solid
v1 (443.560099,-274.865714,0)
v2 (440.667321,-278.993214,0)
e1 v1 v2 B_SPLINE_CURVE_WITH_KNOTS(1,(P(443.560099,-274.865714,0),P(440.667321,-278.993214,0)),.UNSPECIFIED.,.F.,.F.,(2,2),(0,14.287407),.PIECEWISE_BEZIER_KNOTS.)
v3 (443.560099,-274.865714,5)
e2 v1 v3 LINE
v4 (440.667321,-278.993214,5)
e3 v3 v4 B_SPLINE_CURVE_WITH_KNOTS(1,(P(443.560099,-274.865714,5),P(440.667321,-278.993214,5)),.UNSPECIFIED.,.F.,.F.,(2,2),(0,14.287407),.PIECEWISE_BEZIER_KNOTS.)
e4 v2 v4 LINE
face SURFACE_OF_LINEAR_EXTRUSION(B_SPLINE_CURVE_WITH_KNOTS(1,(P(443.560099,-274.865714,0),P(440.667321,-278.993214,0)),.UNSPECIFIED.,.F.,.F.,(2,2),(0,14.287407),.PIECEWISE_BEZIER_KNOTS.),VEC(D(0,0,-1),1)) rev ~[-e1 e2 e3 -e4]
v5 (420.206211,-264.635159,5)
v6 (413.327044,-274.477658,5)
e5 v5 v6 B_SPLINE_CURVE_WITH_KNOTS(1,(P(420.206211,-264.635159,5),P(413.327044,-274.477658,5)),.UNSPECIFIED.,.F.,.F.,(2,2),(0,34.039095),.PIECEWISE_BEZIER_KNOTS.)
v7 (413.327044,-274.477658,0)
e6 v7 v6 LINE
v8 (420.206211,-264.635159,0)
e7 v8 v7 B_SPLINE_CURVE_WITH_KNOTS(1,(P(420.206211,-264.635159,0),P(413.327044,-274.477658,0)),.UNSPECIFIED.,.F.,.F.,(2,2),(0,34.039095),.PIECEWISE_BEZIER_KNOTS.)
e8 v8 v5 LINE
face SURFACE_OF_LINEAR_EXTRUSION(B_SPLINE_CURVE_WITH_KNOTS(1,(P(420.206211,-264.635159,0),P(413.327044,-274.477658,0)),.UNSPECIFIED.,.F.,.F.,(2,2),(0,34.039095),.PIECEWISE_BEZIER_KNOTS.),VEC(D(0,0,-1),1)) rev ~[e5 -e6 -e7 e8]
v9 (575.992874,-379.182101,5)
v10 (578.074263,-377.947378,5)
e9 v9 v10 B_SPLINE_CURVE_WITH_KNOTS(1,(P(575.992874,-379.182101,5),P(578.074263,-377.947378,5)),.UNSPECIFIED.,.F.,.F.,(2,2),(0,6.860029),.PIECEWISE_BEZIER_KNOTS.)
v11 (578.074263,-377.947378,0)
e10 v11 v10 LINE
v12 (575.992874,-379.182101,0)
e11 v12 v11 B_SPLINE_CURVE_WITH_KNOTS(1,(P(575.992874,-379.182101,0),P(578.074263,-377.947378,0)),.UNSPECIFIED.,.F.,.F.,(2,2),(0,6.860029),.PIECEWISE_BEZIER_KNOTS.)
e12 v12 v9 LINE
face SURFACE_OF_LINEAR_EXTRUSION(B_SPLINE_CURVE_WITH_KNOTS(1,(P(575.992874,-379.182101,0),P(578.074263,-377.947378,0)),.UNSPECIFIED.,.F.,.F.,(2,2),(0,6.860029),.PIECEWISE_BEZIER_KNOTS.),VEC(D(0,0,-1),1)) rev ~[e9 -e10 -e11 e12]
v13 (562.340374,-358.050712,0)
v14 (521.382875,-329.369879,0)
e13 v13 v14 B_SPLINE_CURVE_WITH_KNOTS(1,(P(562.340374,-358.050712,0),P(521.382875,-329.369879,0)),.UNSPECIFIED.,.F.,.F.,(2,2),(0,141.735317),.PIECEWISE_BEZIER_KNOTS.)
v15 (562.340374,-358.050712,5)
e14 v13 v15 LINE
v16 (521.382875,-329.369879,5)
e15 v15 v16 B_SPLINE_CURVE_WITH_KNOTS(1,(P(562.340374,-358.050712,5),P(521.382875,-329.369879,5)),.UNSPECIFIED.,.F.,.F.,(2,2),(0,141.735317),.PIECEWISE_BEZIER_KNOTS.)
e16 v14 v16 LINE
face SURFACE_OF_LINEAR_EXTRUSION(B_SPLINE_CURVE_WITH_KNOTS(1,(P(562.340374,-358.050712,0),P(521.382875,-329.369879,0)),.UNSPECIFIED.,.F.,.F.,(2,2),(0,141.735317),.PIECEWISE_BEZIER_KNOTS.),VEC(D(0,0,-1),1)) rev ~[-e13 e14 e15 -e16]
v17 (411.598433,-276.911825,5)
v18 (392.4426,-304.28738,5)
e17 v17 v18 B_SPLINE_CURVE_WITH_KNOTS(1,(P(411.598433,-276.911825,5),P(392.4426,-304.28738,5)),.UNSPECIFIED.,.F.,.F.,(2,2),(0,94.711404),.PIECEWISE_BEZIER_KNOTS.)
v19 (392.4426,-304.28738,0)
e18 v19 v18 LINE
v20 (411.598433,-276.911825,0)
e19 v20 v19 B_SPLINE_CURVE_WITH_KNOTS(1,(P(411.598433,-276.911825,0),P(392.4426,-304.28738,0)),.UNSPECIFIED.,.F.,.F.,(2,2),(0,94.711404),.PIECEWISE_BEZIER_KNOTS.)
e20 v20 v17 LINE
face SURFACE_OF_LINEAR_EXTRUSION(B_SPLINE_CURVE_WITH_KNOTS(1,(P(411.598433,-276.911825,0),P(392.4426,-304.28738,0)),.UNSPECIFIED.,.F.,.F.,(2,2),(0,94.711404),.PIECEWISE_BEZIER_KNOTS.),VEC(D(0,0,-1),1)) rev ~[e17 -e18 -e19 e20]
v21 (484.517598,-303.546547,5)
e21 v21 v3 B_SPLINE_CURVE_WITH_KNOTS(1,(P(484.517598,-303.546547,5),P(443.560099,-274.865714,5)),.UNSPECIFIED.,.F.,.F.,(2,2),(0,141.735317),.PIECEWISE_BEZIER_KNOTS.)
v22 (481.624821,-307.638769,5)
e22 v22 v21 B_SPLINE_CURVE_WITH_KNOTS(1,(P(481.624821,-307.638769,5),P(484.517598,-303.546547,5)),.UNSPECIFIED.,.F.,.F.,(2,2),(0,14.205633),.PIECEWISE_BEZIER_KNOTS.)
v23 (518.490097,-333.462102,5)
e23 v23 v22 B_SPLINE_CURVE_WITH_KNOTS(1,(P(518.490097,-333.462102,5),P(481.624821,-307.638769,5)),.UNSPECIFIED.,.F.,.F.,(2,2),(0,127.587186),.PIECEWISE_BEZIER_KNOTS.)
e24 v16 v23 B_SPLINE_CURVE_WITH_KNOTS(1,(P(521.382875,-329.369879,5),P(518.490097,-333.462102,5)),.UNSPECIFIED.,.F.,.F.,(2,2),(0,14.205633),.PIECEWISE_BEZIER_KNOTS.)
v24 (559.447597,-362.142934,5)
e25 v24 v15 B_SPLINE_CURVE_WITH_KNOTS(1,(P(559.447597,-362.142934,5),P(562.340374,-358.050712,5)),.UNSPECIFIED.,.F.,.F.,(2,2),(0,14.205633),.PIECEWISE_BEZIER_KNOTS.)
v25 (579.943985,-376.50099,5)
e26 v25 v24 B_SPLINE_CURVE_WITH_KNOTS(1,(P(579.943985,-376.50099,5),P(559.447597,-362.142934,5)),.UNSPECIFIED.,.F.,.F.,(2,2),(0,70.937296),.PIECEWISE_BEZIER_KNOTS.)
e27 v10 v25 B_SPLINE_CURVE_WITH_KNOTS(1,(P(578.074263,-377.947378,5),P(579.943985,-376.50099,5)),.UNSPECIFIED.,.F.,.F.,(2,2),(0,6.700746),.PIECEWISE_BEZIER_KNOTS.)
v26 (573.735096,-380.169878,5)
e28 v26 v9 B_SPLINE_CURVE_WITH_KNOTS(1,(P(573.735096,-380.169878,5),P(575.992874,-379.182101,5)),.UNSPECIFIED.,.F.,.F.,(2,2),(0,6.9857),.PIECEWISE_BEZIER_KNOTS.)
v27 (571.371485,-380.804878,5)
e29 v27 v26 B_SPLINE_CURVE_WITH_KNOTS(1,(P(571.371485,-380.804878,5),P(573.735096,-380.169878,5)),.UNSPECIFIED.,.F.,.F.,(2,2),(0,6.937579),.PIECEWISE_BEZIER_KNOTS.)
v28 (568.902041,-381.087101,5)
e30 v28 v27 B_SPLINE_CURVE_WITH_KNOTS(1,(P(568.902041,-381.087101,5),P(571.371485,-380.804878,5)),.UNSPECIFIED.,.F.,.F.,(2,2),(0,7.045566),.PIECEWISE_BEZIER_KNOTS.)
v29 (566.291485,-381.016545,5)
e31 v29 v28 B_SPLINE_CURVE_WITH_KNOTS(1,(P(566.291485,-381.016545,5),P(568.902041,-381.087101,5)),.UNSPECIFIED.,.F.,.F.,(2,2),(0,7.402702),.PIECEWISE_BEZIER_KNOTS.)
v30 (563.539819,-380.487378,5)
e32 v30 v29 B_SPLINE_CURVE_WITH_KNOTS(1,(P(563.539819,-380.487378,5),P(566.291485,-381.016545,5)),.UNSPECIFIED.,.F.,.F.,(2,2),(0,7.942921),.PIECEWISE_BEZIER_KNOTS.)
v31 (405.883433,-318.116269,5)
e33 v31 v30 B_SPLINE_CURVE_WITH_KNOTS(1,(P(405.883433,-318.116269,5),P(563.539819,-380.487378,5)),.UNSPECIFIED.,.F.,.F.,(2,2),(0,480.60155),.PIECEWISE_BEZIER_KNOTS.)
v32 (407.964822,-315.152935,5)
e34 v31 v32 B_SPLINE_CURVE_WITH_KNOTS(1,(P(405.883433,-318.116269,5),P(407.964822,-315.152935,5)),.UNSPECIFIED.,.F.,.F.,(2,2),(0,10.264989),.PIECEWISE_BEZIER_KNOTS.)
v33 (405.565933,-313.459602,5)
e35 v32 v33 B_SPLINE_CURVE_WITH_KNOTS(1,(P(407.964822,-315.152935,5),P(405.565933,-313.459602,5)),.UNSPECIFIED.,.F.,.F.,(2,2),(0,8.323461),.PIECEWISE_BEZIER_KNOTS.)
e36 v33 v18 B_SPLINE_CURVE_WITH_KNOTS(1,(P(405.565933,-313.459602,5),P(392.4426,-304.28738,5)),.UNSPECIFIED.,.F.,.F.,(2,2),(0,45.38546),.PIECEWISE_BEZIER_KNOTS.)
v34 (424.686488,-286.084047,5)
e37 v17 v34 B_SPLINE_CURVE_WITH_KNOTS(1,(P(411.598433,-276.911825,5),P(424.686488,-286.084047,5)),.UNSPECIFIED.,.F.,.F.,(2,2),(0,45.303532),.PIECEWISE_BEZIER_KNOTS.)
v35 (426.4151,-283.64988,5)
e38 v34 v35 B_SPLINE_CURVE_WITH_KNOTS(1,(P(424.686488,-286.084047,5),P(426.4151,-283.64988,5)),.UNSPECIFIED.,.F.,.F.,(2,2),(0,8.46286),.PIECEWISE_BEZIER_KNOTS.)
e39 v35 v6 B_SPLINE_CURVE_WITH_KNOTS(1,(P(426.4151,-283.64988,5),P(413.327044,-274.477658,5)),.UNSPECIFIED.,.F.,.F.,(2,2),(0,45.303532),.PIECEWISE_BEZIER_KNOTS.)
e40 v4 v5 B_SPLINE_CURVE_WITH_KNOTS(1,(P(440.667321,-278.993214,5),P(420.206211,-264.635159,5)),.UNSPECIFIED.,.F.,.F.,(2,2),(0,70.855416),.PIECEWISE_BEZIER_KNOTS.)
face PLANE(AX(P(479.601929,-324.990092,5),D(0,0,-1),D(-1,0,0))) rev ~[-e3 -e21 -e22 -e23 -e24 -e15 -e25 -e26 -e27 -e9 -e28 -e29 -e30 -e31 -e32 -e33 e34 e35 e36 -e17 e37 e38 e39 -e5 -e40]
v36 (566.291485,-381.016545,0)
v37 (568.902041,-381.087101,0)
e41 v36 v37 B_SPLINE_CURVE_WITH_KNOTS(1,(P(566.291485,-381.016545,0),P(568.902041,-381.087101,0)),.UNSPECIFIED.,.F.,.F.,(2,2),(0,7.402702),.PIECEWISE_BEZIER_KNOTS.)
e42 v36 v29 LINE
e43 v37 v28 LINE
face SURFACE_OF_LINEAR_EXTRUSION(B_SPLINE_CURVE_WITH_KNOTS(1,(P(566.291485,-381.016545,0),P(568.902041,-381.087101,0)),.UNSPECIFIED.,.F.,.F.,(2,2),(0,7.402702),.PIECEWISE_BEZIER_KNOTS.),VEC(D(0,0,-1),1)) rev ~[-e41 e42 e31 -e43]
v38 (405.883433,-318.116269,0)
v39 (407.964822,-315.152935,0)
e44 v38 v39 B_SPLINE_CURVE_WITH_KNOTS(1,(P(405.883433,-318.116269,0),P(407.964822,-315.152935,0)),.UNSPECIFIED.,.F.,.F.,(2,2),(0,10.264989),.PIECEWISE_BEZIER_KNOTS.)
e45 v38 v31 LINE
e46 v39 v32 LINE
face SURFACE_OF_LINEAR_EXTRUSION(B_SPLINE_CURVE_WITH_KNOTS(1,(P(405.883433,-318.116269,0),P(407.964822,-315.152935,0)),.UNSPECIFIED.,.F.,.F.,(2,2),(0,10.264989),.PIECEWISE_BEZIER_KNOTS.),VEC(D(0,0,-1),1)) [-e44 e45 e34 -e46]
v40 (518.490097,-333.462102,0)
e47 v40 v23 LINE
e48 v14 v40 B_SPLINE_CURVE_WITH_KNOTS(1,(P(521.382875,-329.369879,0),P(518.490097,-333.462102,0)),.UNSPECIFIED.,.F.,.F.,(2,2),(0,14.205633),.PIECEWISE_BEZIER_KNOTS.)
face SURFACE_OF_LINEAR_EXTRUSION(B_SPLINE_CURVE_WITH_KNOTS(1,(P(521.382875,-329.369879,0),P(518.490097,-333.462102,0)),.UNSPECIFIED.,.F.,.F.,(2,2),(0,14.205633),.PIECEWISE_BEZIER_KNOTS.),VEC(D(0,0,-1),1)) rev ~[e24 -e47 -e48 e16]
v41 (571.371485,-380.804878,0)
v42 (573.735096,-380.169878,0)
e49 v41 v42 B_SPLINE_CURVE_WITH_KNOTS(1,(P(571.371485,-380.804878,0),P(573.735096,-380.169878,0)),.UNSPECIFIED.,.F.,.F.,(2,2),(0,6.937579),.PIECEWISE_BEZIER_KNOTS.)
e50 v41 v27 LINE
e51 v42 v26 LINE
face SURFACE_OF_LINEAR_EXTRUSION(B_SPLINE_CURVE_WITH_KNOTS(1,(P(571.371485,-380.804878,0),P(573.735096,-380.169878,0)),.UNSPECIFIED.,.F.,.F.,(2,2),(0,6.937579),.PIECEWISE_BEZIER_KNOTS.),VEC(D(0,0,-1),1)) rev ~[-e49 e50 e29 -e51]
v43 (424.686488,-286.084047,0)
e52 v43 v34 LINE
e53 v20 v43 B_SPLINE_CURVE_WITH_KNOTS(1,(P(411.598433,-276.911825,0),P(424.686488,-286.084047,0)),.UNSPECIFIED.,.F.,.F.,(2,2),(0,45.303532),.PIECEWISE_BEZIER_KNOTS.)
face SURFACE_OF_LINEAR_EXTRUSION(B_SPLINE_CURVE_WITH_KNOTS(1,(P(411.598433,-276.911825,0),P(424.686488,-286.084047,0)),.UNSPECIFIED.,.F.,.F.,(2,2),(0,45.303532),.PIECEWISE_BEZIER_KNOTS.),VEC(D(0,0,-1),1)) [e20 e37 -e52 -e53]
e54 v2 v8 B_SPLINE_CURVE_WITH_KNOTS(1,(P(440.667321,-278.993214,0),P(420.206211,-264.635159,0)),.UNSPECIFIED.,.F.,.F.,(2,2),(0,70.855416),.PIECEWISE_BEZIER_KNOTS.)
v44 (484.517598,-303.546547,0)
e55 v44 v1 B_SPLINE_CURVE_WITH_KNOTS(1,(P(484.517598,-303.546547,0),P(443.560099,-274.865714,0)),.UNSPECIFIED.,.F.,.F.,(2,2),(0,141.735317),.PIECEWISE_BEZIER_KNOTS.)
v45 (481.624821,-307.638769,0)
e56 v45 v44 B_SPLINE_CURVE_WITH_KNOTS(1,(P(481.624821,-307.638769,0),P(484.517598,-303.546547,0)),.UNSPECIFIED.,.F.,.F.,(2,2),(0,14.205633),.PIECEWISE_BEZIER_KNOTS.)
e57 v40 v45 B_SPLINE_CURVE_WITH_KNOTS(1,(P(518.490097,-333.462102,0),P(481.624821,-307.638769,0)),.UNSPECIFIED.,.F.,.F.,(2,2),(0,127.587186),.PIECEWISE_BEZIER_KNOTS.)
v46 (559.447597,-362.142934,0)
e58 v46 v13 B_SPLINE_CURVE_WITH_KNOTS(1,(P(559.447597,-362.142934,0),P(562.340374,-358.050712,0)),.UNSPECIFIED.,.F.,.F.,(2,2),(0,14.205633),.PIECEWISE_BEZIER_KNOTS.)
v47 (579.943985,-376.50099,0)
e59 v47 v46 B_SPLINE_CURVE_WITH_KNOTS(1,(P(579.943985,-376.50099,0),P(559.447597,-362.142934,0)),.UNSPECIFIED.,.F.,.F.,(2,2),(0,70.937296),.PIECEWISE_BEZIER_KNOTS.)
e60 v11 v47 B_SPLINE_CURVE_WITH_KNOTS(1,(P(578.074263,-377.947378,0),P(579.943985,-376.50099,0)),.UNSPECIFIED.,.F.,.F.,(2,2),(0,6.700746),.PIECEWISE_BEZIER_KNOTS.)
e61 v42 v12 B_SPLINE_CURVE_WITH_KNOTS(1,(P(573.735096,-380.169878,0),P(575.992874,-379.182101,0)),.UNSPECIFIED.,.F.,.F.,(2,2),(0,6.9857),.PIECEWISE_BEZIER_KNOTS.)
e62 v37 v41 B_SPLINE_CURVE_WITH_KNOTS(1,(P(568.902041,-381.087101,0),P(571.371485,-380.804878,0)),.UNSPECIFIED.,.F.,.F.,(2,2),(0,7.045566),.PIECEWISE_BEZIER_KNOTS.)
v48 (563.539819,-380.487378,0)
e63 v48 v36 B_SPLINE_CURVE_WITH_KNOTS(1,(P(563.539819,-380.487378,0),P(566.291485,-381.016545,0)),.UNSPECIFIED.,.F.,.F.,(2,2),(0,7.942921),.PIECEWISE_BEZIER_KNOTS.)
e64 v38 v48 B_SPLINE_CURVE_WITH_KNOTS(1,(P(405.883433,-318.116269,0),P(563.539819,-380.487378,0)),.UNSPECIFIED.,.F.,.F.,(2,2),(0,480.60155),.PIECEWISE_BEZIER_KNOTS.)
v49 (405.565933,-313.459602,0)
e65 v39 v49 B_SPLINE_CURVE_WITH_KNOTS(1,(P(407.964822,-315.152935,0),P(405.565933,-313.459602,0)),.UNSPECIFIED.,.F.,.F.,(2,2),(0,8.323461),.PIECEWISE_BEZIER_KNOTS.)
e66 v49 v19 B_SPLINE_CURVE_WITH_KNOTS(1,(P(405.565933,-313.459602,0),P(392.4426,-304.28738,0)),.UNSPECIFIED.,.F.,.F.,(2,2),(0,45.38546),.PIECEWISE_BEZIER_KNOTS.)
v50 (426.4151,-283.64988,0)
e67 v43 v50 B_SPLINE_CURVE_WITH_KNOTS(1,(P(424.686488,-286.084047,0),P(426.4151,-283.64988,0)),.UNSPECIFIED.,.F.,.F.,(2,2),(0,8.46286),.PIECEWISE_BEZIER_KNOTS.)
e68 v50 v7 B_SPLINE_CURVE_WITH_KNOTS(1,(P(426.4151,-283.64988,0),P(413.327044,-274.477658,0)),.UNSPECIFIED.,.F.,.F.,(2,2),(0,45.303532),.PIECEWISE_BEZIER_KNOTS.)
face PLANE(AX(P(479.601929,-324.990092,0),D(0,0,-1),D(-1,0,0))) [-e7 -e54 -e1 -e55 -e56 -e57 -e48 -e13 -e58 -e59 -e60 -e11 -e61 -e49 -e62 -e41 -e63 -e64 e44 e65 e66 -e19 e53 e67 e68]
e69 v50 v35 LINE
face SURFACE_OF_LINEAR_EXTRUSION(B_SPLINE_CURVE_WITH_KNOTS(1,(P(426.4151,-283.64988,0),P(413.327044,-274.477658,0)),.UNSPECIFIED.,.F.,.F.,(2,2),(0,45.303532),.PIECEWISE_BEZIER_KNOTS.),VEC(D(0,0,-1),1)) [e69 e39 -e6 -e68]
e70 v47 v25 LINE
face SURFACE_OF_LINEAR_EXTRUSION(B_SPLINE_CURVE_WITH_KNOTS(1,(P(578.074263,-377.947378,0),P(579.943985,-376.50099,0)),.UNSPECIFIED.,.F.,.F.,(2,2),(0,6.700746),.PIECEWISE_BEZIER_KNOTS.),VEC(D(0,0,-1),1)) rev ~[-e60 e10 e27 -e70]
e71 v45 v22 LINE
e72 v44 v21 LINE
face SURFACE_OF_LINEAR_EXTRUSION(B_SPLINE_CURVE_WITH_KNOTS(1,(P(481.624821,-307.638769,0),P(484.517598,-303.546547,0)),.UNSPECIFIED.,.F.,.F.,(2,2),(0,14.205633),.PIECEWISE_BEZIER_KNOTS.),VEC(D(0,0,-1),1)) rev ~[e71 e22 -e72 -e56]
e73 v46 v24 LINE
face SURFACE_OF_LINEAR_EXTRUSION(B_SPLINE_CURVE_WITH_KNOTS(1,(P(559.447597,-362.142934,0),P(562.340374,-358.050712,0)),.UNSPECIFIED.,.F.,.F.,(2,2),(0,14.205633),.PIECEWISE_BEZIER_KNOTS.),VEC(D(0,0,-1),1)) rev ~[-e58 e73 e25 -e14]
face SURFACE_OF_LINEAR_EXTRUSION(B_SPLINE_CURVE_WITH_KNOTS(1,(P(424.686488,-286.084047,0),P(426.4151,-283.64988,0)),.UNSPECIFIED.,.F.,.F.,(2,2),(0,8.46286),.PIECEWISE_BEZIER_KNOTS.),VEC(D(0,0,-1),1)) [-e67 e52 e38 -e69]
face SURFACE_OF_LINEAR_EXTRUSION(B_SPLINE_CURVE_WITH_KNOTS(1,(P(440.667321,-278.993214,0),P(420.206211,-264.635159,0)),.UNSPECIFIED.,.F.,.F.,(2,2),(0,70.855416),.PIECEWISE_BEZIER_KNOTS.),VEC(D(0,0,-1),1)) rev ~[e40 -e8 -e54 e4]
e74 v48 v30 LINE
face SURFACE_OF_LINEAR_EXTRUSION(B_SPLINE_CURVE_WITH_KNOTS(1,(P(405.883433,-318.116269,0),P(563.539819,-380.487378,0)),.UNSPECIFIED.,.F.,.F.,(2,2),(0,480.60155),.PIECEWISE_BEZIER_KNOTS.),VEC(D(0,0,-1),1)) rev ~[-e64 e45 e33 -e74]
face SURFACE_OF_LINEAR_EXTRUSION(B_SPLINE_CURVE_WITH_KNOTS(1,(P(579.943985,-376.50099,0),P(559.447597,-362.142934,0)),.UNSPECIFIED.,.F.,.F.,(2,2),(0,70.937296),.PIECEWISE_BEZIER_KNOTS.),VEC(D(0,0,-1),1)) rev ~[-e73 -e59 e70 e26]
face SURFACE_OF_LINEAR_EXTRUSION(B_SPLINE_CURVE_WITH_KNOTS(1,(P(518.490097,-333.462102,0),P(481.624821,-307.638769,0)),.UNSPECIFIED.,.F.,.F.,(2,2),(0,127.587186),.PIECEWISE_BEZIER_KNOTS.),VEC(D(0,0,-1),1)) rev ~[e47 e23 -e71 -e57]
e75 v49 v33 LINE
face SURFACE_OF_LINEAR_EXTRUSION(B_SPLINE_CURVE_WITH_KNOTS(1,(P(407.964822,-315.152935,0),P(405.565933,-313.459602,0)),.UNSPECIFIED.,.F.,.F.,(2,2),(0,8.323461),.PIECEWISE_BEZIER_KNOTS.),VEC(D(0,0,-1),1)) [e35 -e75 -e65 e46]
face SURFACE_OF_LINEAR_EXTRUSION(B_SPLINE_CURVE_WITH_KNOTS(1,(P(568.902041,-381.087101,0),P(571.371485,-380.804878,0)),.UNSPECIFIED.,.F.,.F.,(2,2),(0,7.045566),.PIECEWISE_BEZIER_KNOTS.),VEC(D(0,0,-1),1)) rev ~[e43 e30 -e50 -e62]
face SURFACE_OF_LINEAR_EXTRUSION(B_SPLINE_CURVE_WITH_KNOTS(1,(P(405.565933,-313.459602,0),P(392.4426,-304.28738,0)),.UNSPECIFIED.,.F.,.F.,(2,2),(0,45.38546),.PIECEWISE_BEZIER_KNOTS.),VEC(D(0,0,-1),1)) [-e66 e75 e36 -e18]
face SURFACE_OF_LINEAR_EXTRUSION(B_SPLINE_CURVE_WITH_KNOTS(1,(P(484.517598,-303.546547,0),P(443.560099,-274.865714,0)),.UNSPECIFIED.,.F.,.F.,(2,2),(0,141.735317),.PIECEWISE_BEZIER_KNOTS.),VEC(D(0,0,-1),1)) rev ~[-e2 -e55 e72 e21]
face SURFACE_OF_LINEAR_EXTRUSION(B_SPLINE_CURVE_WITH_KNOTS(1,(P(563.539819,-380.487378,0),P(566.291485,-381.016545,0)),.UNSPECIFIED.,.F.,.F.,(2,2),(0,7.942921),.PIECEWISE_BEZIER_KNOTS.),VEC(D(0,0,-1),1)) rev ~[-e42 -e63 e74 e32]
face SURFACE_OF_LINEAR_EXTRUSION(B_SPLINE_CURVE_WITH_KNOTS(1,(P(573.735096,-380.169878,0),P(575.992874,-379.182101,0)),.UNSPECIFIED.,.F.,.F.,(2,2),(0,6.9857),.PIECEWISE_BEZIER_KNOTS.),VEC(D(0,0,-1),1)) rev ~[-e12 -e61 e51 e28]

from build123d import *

# Parameters (mm, degrees)
PAD009_DEPTH = 5


with BuildPart() as part:
    # Sketch010 → Pad009 (new body)
    with BuildSketch(Plane.XY):
        with BuildLine():
            add(Edge.make_bspline(
                [(411.598433, -276.911825), (424.686488, -286.084047)],
                knots=[0, 0, 45.303532, 45.303532], degree=1))
            add(Edge.make_bspline(
                [(424.686488, -286.084047), (426.4151, -283.64988)],
                knots=[0, 0, 8.46286, 8.46286], degree=1))
            add(Edge.make_bspline(
                [(426.4151, -283.64988), (413.327044, -274.477658)],
                knots=[0, 0, 45.303532, 45.303532], degree=1))
            add(Edge.make_bspline(
                [(420.206211, -264.635159), (413.327044, -274.477658)],
                knots=[0, 0, 34.039095, 34.039095], degree=1))
            add(Edge.make_bspline(
                [(440.667321, -278.993214), (420.206211, -264.635159)],
                knots=[0, 0, 70.855416, 70.855416], degree=1))
            add(Edge.make_bspline(
                [(443.560099, -274.865714), (440.667321, -278.993214)],
                knots=[0, 0, 14.287407, 14.287407], degree=1))
            add(Edge.make_bspline(
                [(484.517598, -303.546547), (443.560099, -274.865714)],
                knots=[0, 0, 141.735317, 141.735317], degree=1))
            add(Edge.make_bspline(
                [(481.624821, -307.638769), (484.517598, -303.546547)],
                knots=[0, 0, 14.205633, 14.205633], degree=1))
            add(Edge.make_bspline(
                [(518.490097, -333.462102), (481.624821, -307.638769)],
                knots=[0, 0, 127.587186, 127.587186], degree=1))
            add(Edge.make_bspline(
                [(521.382875, -329.369879), (518.490097, -333.462102)],
                knots=[0, 0, 14.205633, 14.205633], degree=1))
            add(Edge.make_bspline(
                [(562.340374, -358.050712), (521.382875, -329.369879)],
                knots=[0, 0, 141.735317, 141.735317], degree=1))
            add(Edge.make_bspline(
                [(559.447597, -362.142934), (562.340374, -358.050712)],
                knots=[0, 0, 14.205633, 14.205633], degree=1))
            add(Edge.make_bspline(
                [(579.943985, -376.50099), (559.447597, -362.142934)],
                knots=[0, 0, 70.937296, 70.937296], degree=1))
            add(Edge.make_bspline(
                [(578.074263, -377.947378), (579.943985, -376.50099)],
                knots=[0, 0, 6.700746, 6.700746], degree=1))
            add(Edge.make_bspline(
                [(575.992874, -379.182101), (578.074263, -377.947378)],
                knots=[0, 0, 6.860029, 6.860029], degree=1))
            add(Edge.make_bspline(
                [(573.735096, -380.169878), (575.992874, -379.182101)],
                knots=[0, 0, 6.9857, 6.9857], degree=1))
            add(Edge.make_bspline(
                [(571.371485, -380.804878), (573.735096, -380.169878)],
                knots=[0, 0, 6.937579, 6.937579], degree=1))
            add(Edge.make_bspline(
                [(568.902041, -381.087101), (571.371485, -380.804878)],
                knots=[0, 0, 7.045566, 7.045566], degree=1))
            add(Edge.make_bspline(
                [(566.291485, -381.016545), (568.902041, -381.087101)],
                knots=[0, 0, 7.402702, 7.402702], degree=1))
            add(Edge.make_bspline(
                [(563.539819, -380.487378), (566.291485, -381.016545)],
                knots=[0, 0, 7.942921, 7.942921], degree=1))
            add(Edge.make_bspline(
                [(405.883433, -318.116269), (563.539819, -380.487378)],
                knots=[0, 0, 480.60155, 480.60155], degree=1))
            add(Edge.make_bspline(
                [(405.883433, -318.116269), (407.964822, -315.152935)],
                knots=[0, 0, 10.264989, 10.264989], degree=1))
            add(Edge.make_bspline(
                [(407.964822, -315.152935), (405.565933, -313.459602)],
                knots=[0, 0, 8.323461, 8.323461], degree=1))
            add(Edge.make_bspline(
                [(405.565933, -313.459602), (392.4426, -304.28738)],
                knots=[0, 0, 45.38546, 45.38546], degree=1))
            add(Edge.make_bspline(
                [(411.598433, -276.911825), (392.4426, -304.28738)],
                knots=[0, 0, 94.711404, 94.711404], degree=1))
        make_face()
    extrude(amount=PAD009_DEPTH)


solid = part.part
